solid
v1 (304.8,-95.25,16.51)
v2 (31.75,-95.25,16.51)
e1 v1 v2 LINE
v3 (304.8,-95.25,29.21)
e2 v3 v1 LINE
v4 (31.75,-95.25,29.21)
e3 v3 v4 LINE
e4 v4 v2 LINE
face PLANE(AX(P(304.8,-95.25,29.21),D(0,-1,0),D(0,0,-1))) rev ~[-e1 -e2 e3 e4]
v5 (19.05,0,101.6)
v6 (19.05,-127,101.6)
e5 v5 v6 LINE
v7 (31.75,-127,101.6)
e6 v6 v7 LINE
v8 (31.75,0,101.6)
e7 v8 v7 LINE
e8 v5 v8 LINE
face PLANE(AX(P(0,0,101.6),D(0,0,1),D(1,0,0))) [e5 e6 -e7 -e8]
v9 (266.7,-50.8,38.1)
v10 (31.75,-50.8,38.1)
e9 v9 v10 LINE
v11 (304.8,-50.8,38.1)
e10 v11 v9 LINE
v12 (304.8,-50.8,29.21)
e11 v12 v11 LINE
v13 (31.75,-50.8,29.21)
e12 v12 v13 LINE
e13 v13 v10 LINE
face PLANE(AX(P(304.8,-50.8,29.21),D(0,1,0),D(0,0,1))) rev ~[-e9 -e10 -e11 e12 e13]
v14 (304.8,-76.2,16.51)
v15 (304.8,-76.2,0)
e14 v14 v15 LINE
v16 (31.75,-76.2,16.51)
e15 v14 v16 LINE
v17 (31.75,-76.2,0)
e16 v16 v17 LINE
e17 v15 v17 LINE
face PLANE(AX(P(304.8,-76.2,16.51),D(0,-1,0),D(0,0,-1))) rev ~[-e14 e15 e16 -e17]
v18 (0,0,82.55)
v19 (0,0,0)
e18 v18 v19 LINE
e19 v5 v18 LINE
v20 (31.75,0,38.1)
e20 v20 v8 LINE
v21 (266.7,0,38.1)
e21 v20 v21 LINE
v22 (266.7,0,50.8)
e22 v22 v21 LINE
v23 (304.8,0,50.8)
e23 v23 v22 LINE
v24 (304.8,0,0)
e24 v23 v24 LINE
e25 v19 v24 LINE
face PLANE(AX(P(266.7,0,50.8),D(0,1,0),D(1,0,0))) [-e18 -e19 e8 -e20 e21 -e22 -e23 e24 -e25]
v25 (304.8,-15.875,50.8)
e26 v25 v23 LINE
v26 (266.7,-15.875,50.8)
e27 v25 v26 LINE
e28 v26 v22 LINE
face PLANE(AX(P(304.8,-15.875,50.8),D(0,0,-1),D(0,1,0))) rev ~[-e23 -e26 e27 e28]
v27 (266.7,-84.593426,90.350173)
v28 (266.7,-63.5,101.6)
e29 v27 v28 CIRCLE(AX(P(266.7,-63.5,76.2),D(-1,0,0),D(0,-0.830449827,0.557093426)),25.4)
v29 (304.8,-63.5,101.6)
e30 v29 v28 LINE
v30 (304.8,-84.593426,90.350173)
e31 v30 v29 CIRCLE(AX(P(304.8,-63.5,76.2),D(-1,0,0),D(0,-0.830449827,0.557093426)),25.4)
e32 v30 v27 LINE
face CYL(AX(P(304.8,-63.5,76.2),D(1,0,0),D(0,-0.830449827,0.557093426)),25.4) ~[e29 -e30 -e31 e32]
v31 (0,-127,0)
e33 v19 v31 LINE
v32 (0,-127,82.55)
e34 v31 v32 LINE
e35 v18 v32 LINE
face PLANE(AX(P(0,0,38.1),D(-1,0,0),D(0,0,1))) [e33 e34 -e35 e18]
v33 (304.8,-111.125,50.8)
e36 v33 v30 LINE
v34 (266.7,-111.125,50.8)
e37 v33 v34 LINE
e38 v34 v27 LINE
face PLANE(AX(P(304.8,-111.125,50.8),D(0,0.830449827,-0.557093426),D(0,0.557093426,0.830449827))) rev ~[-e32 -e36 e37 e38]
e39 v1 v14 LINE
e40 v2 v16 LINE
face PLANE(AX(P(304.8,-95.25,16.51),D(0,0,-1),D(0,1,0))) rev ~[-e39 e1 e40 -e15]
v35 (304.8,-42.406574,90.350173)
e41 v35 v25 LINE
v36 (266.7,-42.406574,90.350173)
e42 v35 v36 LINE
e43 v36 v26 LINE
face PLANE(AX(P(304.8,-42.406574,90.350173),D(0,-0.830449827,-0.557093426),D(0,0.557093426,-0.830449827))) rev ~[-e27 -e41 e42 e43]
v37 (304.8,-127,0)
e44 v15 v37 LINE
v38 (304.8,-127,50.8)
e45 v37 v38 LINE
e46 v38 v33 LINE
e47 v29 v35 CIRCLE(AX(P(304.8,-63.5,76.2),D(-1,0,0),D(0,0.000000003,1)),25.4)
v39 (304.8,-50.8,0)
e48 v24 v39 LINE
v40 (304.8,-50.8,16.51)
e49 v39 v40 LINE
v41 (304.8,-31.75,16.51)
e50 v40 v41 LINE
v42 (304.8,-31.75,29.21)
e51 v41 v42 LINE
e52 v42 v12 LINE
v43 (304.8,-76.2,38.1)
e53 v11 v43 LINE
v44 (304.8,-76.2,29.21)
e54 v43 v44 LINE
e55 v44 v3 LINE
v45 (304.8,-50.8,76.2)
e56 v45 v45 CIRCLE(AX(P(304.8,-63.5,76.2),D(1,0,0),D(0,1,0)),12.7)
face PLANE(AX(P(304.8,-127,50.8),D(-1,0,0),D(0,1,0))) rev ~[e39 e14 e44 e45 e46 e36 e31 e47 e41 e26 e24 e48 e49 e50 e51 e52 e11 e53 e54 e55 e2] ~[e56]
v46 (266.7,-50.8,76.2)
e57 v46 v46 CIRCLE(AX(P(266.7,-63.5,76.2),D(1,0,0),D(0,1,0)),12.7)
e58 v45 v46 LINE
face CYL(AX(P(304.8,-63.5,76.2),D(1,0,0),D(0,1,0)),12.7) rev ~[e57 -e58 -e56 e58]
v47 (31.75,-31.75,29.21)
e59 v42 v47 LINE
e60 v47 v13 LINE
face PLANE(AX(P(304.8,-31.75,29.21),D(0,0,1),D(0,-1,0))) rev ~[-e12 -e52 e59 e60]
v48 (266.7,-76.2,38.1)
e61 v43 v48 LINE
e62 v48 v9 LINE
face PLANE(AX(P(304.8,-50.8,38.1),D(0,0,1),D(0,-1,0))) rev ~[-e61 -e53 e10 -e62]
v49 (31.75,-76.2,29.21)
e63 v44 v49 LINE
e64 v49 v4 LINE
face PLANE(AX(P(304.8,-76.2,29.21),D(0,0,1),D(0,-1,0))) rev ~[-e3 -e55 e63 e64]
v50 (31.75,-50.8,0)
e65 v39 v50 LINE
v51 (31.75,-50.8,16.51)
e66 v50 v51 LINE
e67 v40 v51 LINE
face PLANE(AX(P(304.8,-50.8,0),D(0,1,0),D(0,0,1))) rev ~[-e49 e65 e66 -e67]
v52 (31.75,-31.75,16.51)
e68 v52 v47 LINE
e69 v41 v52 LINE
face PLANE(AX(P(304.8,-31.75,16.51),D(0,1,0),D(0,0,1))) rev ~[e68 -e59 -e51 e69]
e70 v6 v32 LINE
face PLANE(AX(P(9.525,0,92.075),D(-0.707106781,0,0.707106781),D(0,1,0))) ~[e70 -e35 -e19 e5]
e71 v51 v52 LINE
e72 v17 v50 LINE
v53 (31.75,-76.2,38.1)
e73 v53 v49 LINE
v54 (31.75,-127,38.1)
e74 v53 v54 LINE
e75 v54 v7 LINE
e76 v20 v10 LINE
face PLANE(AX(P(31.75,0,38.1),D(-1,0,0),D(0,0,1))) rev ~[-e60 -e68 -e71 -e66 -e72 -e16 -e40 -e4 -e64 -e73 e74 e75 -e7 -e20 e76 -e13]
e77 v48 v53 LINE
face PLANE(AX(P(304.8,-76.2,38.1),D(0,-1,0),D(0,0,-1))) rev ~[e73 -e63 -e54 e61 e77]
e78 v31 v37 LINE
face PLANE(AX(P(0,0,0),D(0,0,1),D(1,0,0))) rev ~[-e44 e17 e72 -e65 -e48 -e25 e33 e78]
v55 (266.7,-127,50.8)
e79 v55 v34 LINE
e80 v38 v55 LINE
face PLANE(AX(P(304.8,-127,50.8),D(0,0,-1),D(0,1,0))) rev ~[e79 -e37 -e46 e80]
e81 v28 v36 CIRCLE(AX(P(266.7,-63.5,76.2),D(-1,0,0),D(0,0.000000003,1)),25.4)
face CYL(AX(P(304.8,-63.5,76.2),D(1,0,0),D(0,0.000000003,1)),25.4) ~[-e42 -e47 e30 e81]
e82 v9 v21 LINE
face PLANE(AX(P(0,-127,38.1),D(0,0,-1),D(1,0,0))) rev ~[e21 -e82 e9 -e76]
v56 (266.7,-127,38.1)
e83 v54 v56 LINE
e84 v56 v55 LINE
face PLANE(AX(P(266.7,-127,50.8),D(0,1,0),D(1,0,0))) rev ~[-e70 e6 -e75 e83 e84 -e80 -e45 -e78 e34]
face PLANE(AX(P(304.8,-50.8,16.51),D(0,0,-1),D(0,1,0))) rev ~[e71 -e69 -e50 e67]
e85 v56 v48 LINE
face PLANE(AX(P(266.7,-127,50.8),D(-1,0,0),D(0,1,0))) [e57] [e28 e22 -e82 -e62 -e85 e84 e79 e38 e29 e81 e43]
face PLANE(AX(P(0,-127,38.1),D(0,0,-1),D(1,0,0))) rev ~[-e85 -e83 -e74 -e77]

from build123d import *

# Parameters (mm, degrees)
F0_W      = 304.8
F0_H      = 50.8
F1_DEPTH  = 127
F3_DEPTH  = 273.05
F4_W      = 266.7
F4_H      = 12.7
F5_DEPTH  = 127.001
F6_W      = 31.75
F6_H      = 63.5
F7_DEPTH  = 127
F8_W      = 38.1
F8_H      = 127
F9_DEPTH  = 50.8
F10_R     = 12.7
F11_DEPTH = 38.1
F12_SIZE  = 19.05


with BuildPart() as f1:
    # F0 (on Front) → F1 (new body)
    with BuildSketch(Plane.XZ):
        with Locations((152.4, 25.4)):
            Rectangle(F0_W, F0_H)
    extrude(amount=F1_DEPTH)

    # F2 (on face) → F3 (cut)
    with BuildSketch(Plane.YZ.offset(304.8)):
        Polygon((-76.2, 0), (-63.5, 0), (-63.5, 38.1), (-76.2, 38.1), (-76.2, 29.21), (-95.25, 29.21), (-95.25, 16.51), (-76.2, 16.51), align=None)
        Polygon((-63.5, 38.1), (-63.5, 0), (-50.8, 0), (-50.8, 16.51), (-31.75, 16.51), (-31.75, 29.21), (-50.8, 29.21), (-50.8, 38.1), align=None)
    extrude(amount=-F3_DEPTH, mode=Mode.SUBTRACT)

    # F4 (on face) → F5 (cut, through all)
    with BuildSketch(Plane.XZ.offset(127)):
        with Locations((133.35, 44.45)):
            Rectangle(F4_W, F4_H)
    extrude(amount=-F5_DEPTH, mode=Mode.SUBTRACT)

    # F6 (on Front) → F7 (join)
    with BuildSketch(Plane.XZ):
        with Locations((15.875, 69.85)):
            Rectangle(F6_W, F6_H)
    extrude(amount=F7_DEPTH)

    # F8 (on face) → F9 (join)
    with BuildSketch(Plane.XY.offset(50.8)):
        with Locations((285.75, -63.5)):
            Rectangle(F8_W, F8_H)
    extrude(amount=F9_DEPTH)

    # F10 (on face) → F11 (cut, through all)
    with BuildSketch(Plane.YZ.offset(304.8)):
        with Locations((-63.5, 76.2)):
            Circle(F10_R)
        with BuildLine():
            Line((-127, 101.6), (-127, 50.8))
            Line((-127, 50.8), (-111.125, 50.8))
            Line((-111.125, 50.8), (-84.5934256055, 90.3501730104))
            ThreePointArc((-84.5934256055, 90.3501730104), (-75.4529411461, 98.6117647221), (-63.4999999312, 101.6))
            Line((-63.4999999312, 101.6), (-127, 101.6))
        make_face()
        with BuildLine():
            Line((0, 101.6), (-63.4999999312, 101.6))
            ThreePointArc((-63.4999999312, 101.6), (-51.5470587932, 98.6117646897), (-42.4065743945, 90.3501730104))
            Line((-42.4065743945, 90.3501730104), (-15.875, 50.8))
            Line((-15.875, 50.8), (0, 50.8))
            Line((0, 50.8), (0, 101.6))
        make_face()
    extrude(amount=-F11_DEPTH, mode=Mode.SUBTRACT)

    # F12
    f12_edges = [f1.edges().sort_by_distance(p)[0] for p in [
        (0, -63.5, 101.6),
    ]]
    chamfer(f12_edges, length=F12_SIZE)


solid = f1.part
